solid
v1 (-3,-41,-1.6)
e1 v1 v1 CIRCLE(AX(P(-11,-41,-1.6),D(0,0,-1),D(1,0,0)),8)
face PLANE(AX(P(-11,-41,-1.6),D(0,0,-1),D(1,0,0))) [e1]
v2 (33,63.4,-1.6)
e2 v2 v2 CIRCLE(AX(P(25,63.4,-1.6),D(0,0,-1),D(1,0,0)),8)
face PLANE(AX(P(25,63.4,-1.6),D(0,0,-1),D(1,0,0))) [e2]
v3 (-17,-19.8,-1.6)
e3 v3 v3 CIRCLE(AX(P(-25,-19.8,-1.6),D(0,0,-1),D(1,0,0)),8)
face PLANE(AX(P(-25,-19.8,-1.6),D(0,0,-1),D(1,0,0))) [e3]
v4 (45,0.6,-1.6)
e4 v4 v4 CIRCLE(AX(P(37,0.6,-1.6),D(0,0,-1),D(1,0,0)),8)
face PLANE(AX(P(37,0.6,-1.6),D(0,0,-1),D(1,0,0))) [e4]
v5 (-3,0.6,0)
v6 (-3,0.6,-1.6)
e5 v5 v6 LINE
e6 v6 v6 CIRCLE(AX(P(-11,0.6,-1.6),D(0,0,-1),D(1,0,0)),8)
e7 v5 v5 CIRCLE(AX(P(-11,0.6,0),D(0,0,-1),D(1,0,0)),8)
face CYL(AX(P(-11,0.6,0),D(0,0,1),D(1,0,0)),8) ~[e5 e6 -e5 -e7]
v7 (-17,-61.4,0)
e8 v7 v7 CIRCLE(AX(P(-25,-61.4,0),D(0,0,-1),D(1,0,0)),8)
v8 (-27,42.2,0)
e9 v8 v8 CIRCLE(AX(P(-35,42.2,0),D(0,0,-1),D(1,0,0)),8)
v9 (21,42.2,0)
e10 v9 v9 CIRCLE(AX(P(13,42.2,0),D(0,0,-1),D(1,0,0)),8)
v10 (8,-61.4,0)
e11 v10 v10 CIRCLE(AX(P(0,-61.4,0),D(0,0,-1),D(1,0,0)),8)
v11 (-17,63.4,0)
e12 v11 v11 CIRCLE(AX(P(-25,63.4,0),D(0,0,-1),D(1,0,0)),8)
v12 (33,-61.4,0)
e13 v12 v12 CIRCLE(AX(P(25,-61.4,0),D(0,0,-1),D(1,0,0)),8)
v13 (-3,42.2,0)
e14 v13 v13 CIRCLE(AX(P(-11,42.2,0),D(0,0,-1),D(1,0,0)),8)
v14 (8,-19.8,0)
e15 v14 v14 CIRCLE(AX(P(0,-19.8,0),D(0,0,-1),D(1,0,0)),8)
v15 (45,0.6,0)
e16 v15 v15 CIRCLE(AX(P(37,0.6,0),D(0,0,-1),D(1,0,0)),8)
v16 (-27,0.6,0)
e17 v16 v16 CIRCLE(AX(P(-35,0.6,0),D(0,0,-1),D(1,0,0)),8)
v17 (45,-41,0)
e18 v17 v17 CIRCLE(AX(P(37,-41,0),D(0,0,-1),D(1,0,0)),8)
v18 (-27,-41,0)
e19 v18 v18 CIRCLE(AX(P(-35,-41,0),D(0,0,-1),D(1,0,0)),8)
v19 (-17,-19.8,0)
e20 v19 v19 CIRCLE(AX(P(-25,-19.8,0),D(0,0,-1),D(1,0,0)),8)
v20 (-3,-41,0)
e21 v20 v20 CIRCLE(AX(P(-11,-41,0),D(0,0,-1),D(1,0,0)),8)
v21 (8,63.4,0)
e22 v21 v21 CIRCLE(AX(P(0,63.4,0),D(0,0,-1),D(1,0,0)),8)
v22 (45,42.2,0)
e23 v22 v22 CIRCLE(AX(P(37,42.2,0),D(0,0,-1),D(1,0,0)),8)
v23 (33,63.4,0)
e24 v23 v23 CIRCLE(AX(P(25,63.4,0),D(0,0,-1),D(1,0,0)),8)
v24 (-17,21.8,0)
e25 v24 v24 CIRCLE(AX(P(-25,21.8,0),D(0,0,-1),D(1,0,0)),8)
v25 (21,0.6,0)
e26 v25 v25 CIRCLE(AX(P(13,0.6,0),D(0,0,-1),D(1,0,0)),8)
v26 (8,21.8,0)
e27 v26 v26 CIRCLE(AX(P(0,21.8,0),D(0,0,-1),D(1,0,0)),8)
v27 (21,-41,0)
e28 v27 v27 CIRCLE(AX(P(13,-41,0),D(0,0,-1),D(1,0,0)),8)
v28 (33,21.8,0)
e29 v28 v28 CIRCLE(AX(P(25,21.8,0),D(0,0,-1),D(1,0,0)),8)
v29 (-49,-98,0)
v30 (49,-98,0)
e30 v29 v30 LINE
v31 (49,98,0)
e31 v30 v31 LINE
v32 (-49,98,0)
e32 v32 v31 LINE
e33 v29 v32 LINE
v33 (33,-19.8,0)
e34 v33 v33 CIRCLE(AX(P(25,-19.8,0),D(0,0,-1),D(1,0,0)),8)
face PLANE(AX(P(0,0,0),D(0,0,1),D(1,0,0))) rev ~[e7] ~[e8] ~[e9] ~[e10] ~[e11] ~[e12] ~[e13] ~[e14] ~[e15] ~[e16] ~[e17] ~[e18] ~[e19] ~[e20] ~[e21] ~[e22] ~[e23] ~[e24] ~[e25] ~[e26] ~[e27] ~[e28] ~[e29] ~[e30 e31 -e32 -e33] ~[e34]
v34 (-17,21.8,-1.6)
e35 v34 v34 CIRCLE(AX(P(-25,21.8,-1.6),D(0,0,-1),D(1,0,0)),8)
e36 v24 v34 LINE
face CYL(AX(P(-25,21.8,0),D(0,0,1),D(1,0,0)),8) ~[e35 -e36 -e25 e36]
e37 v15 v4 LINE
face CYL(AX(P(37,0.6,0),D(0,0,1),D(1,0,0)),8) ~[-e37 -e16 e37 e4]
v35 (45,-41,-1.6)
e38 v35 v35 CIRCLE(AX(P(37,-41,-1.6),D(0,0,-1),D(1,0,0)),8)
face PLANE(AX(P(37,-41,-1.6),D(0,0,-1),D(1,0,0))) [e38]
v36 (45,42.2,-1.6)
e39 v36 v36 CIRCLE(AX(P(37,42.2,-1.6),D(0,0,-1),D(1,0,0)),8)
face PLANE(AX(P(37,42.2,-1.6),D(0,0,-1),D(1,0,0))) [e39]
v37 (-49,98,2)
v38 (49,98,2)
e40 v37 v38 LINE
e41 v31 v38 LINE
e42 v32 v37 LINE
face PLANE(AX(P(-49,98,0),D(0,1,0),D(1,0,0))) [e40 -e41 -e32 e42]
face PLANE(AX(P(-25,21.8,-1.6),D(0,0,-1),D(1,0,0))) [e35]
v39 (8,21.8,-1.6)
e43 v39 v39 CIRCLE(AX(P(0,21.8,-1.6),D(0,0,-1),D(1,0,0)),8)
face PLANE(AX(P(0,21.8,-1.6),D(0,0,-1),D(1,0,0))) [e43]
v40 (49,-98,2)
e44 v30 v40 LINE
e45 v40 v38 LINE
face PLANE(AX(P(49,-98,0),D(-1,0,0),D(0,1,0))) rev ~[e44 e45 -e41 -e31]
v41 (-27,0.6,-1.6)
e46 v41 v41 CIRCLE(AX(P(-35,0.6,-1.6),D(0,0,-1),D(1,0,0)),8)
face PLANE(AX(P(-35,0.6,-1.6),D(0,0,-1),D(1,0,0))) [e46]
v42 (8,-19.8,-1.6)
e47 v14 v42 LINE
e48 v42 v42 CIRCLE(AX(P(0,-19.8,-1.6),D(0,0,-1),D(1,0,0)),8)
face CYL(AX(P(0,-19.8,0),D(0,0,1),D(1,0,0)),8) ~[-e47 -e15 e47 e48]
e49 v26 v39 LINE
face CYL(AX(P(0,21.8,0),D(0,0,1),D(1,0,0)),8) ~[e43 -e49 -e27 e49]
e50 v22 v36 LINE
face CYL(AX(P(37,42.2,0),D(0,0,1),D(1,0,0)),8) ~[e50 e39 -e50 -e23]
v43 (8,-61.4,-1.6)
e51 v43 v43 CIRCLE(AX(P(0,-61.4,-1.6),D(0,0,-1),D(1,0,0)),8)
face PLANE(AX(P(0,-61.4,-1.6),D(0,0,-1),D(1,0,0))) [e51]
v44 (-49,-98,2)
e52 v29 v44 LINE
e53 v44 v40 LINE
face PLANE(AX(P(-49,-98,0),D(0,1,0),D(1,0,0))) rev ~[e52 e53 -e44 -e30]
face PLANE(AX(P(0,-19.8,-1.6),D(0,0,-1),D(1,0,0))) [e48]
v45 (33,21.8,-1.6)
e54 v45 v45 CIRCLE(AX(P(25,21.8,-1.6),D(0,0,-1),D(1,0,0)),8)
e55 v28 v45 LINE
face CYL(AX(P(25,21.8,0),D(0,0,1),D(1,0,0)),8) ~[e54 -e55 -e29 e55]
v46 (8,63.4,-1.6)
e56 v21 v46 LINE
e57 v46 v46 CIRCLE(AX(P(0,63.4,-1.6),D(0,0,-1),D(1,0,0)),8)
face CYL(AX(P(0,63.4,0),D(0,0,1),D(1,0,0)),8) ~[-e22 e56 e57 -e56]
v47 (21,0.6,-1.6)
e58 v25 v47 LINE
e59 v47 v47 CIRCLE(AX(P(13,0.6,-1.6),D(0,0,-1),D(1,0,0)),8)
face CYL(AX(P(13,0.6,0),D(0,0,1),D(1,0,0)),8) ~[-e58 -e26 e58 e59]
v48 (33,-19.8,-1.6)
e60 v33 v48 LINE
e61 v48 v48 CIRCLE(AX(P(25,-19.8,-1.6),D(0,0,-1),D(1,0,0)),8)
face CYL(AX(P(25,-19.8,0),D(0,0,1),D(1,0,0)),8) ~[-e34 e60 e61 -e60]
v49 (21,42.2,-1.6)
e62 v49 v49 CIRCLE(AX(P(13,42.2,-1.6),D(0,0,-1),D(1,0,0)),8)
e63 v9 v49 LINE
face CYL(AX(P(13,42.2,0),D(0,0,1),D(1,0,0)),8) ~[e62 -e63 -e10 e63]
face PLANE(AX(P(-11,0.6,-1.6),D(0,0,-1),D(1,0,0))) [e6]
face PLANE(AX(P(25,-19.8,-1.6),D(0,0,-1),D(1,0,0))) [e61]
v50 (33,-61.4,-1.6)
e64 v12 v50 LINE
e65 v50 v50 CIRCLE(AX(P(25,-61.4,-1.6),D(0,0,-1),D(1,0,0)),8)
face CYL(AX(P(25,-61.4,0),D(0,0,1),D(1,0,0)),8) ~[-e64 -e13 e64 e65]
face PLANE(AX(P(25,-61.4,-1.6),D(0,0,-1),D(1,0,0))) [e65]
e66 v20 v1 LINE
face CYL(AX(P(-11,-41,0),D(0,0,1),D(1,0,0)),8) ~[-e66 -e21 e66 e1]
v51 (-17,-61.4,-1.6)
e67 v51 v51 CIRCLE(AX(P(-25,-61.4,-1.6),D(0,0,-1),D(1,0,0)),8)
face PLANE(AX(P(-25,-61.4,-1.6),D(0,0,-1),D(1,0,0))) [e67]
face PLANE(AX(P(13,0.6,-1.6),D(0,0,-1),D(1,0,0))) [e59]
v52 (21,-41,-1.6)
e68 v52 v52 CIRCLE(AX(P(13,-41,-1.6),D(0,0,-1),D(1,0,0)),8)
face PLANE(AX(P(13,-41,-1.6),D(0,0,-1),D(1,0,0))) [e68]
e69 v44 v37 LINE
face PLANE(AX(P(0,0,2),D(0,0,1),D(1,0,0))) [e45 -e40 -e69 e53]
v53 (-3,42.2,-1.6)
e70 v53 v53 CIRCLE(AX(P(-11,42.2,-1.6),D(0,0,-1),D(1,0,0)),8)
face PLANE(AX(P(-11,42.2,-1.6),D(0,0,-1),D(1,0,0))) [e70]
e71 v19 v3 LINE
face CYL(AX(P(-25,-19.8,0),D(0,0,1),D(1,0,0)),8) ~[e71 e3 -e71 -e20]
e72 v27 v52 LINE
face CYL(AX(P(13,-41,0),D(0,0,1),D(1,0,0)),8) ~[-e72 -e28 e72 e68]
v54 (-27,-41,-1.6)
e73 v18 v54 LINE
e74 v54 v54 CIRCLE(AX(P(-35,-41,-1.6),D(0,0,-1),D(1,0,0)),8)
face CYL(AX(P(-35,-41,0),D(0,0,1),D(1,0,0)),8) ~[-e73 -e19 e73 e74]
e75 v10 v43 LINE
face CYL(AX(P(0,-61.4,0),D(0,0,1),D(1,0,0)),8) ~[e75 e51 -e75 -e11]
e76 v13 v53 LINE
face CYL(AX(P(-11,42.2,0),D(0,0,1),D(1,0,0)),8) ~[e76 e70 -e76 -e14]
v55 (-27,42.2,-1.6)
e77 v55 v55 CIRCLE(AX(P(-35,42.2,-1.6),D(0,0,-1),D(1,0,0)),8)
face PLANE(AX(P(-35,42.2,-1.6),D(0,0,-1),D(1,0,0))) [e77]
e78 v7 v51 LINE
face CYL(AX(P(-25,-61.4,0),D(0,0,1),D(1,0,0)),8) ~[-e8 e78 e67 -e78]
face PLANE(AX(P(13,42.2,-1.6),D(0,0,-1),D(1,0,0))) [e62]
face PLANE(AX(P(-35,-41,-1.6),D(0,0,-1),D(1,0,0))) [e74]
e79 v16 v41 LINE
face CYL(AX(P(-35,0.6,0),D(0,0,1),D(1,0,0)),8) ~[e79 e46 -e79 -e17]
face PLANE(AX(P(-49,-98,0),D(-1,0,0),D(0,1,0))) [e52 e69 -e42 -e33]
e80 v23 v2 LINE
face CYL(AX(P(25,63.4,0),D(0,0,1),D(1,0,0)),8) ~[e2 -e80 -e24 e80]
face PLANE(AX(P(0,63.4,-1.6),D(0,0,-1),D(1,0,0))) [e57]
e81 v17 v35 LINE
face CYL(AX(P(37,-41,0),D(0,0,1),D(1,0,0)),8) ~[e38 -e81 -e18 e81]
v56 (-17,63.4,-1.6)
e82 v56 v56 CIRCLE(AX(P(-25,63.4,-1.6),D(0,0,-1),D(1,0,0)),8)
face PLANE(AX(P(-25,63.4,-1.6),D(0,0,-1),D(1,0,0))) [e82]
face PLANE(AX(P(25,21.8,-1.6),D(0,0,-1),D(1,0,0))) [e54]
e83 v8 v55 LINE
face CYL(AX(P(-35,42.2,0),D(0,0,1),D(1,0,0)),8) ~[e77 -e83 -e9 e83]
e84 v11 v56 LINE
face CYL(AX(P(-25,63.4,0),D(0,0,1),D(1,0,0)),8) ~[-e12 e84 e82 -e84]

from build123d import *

# Parameters (mm, degrees)
F0_W     = 98
F0_H     = 196
F1_DEPTH = 2
F2_R     = 8
F3_DEPTH = 1.6


with BuildPart() as f1:
    # F0 (on Top) → F1 (new body)
    with BuildSketch(Plane.XY):
        Rectangle(F0_W, F0_H)
    extrude(amount=F1_DEPTH)

    # F2 (on face) → F3 (join)
    with BuildSketch(Plane(origin=(0, 0, 0), x_dir=(1, 0, 0), z_dir=(0, 0, -1))):
        with Locations((37, -42.2)):
            Circle(F2_R)
        with Locations((37, -0.6)):
            Circle(F2_R)
        with Locations((37, 41)):
            Circle(F2_R)
        with Locations((13, -42.2)):
            Circle(F2_R)
        with Locations((13, -0.6)):
            Circle(F2_R)
        with Locations((13, 41)):
            Circle(F2_R)
        with Locations((-11, -42.2)):
            Circle(F2_R)
        with Locations((-11, -0.6)):
            Circle(F2_R)
        with Locations((-11, 41)):
            Circle(F2_R)
        with Locations((-35, -42.2)):
            Circle(F2_R)
        with Locations((-35, -0.6)):
            Circle(F2_R)
        with Locations((-35, 41)):
            Circle(F2_R)
        with Locations((-25, -63.4)):
            Circle(F2_R)
        with Locations((-25, -21.8)):
            Circle(F2_R)
        with Locations((-25, 19.8)):
            Circle(F2_R)
        with Locations((0, -63.4)):
            Circle(F2_R)
        with Locations((0, -21.8)):
            Circle(F2_R)
        with Locations((0, 19.8)):
            Circle(F2_R)
        with Locations((25, -63.4)):
            Circle(F2_R)
        with Locations((25, -21.8)):
            Circle(F2_R)
        with Locations((25, 19.8)):
            Circle(F2_R)
        with Locations((-25, 61.4)):
            Circle(F2_R)
        with Locations((0, 61.4)):
            Circle(F2_R)
        with Locations((25, 61.4)):
            Circle(F2_R)
    extrude(amount=F3_DEPTH)


solid = f1.part
